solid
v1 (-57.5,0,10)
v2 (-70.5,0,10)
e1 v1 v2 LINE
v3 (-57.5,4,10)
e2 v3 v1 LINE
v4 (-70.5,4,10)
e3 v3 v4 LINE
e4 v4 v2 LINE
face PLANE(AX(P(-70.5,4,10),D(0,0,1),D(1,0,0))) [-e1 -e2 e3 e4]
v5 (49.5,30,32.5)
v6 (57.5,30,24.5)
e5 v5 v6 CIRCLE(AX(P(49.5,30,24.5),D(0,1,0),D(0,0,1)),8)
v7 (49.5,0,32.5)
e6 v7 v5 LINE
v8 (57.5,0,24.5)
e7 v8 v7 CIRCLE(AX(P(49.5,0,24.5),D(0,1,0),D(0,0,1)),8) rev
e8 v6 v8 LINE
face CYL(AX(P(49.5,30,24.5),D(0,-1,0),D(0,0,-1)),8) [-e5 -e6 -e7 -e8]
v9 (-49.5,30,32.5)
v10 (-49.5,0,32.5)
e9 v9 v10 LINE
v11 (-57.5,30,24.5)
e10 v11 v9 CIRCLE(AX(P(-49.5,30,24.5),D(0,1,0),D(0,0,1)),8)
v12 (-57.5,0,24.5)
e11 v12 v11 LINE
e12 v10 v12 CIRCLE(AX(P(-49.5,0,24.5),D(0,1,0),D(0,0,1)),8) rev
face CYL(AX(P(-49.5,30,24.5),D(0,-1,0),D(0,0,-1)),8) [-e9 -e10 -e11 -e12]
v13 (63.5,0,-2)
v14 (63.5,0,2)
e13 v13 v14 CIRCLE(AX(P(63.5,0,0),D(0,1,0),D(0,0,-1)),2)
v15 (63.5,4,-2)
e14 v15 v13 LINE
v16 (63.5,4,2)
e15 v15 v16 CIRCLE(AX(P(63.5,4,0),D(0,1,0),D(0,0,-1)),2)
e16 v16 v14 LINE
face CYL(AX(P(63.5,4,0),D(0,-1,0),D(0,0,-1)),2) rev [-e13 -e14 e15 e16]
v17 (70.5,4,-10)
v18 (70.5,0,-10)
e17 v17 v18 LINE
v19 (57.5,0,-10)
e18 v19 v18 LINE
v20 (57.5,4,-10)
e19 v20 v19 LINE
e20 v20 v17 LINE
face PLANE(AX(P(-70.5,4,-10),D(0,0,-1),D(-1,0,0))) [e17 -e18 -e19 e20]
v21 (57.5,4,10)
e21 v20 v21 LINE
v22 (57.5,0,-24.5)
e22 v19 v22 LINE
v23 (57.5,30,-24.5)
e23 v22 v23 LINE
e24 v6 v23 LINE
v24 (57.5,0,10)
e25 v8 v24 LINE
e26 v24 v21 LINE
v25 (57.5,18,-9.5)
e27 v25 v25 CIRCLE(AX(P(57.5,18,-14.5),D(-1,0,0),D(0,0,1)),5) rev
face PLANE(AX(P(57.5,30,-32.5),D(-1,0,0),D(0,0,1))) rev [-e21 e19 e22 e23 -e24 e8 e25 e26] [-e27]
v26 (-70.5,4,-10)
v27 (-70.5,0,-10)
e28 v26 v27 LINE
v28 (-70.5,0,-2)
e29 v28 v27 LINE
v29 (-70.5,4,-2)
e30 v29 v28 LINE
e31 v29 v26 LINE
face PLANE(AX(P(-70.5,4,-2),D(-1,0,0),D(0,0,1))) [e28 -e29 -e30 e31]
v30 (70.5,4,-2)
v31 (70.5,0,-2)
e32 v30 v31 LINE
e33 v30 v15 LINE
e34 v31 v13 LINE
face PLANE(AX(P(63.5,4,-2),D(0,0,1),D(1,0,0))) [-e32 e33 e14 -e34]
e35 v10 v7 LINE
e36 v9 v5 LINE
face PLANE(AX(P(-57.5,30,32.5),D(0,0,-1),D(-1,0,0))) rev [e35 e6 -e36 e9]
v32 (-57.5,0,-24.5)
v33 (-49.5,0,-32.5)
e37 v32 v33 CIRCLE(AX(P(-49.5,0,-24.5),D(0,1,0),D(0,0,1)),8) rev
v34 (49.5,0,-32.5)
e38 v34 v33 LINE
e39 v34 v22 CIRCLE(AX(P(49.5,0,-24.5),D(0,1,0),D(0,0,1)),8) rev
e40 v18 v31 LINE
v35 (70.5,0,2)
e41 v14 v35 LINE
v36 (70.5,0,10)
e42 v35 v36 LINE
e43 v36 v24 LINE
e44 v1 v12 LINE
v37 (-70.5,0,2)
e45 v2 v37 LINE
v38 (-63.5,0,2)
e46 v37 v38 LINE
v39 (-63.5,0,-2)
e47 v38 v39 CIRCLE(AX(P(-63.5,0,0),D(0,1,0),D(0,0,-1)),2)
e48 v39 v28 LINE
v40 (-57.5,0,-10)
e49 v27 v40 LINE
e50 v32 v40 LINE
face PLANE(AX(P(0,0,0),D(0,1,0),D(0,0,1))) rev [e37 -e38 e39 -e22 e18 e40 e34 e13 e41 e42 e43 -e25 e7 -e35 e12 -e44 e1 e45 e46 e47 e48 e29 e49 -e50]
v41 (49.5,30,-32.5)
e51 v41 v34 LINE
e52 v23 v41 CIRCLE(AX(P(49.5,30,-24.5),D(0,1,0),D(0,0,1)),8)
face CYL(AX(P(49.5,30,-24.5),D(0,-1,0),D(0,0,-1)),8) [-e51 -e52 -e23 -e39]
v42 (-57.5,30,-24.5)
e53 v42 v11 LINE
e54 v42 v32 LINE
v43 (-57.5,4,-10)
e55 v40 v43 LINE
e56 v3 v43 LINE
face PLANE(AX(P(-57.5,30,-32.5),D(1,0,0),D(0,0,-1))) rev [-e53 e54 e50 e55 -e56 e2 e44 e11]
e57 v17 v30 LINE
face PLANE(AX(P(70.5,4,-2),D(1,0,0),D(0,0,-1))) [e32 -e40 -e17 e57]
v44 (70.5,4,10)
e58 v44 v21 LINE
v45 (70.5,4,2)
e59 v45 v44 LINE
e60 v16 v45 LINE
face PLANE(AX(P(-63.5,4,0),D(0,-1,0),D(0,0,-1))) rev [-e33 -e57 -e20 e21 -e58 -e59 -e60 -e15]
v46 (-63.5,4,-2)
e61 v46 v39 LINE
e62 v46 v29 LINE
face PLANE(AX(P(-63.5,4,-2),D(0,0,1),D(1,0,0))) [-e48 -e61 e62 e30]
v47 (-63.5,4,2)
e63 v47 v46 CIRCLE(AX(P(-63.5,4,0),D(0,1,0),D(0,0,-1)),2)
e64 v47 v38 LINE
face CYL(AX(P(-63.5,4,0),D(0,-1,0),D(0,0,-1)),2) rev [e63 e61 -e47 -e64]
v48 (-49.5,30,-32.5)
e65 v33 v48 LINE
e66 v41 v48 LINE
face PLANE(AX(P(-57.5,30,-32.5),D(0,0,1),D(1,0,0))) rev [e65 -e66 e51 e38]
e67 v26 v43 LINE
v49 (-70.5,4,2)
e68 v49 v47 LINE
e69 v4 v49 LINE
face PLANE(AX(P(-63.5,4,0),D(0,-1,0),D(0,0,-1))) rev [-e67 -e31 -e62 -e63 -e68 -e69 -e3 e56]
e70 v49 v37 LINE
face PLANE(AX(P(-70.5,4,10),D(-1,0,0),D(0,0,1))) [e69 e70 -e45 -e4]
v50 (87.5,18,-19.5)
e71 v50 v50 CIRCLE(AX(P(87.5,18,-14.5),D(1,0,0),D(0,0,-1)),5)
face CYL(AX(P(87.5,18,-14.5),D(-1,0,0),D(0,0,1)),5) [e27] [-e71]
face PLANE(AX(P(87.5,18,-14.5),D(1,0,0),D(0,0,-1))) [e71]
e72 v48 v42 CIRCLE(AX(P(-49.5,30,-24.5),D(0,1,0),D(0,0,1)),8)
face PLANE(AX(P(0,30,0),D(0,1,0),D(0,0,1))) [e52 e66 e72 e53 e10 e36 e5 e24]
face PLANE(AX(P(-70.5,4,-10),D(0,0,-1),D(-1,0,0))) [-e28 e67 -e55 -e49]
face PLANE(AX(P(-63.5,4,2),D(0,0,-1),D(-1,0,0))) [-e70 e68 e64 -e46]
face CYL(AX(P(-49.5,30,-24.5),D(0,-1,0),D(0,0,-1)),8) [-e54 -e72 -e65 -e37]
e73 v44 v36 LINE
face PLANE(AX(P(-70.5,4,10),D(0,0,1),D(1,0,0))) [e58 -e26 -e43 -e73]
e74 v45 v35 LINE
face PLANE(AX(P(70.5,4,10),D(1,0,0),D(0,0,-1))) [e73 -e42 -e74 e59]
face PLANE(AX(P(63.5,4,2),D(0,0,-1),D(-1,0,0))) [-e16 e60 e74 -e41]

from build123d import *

# Parameters (mm, degrees)
SKETCH1_W           = 115
SKETCH1_H           = 65
BOSS_EXTRUDE1_DEPTH = 30
BOSS_EXTRUDE2_DEPTH = 4
SKETCH4_R           = 5
BOSS_EXTRUDE3_DEPTH = 30
FILLET1_R           = 8


with BuildPart() as part:
    # Sketch1 → Boss-Extrude1 (new body)
    with BuildSketch(Plane(origin=(0, 0, 0), x_dir=(1, 0, 0), z_dir=(0, 1, 0))):
        Rectangle(SKETCH1_W, SKETCH1_H)
    extrude(amount=BOSS_EXTRUDE1_DEPTH)

    # Sketch3 → Boss-Extrude2 (add)
    with BuildSketch(Plane.XZ):
        with BuildLine():
            Line((-70.5, 10), (70.5, 10))
            Line((70.5, 10), (70.5, 2))
            Line((70.5, 2), (63.5, 2))
            ThreePointArc((63.5, 2), (61.5, 0), (63.5, -2))
            Line((63.5, -2), (70.5, -2))
            Line((70.5, -2), (70.5, -10))
            Line((70.5, -10), (-70.5, -10))
            Line((-70.5, -10), (-70.5, -2))
            Line((-70.5, -2), (-63.5, -2))
            ThreePointArc((-63.5, -2), (-61.5, 0), (-63.5, 2))
            Line((-63.5, 2), (-70.5, 2))
            Line((-70.5, 2), (-70.5, 10))
        make_face()
    extrude(amount=-BOSS_EXTRUDE2_DEPTH)

    # Sketch4 → Boss-Extrude3 (add)
    with BuildSketch(Plane(origin=(57.5, 0, 0), x_dir=(0, 0, -1), z_dir=(1, 0, 0))):
        with Locations(Location((14.5, 18, 0), (0, 0, 180))):
            Circle(SKETCH4_R)
    extrude(amount=BOSS_EXTRUDE3_DEPTH)

    # Fillet1
    fillet1_edges = [part.edges().sort_by_distance(p)[0] for p in [
        (-57.5, 15, -32.5),
        (57.5, 15, -32.5),
        (57.5, 15, 32.5),
        (-57.5, 15, 32.5),
    ]]
    fillet(fillet1_edges, radius=FILLET1_R)


solid = part.part
